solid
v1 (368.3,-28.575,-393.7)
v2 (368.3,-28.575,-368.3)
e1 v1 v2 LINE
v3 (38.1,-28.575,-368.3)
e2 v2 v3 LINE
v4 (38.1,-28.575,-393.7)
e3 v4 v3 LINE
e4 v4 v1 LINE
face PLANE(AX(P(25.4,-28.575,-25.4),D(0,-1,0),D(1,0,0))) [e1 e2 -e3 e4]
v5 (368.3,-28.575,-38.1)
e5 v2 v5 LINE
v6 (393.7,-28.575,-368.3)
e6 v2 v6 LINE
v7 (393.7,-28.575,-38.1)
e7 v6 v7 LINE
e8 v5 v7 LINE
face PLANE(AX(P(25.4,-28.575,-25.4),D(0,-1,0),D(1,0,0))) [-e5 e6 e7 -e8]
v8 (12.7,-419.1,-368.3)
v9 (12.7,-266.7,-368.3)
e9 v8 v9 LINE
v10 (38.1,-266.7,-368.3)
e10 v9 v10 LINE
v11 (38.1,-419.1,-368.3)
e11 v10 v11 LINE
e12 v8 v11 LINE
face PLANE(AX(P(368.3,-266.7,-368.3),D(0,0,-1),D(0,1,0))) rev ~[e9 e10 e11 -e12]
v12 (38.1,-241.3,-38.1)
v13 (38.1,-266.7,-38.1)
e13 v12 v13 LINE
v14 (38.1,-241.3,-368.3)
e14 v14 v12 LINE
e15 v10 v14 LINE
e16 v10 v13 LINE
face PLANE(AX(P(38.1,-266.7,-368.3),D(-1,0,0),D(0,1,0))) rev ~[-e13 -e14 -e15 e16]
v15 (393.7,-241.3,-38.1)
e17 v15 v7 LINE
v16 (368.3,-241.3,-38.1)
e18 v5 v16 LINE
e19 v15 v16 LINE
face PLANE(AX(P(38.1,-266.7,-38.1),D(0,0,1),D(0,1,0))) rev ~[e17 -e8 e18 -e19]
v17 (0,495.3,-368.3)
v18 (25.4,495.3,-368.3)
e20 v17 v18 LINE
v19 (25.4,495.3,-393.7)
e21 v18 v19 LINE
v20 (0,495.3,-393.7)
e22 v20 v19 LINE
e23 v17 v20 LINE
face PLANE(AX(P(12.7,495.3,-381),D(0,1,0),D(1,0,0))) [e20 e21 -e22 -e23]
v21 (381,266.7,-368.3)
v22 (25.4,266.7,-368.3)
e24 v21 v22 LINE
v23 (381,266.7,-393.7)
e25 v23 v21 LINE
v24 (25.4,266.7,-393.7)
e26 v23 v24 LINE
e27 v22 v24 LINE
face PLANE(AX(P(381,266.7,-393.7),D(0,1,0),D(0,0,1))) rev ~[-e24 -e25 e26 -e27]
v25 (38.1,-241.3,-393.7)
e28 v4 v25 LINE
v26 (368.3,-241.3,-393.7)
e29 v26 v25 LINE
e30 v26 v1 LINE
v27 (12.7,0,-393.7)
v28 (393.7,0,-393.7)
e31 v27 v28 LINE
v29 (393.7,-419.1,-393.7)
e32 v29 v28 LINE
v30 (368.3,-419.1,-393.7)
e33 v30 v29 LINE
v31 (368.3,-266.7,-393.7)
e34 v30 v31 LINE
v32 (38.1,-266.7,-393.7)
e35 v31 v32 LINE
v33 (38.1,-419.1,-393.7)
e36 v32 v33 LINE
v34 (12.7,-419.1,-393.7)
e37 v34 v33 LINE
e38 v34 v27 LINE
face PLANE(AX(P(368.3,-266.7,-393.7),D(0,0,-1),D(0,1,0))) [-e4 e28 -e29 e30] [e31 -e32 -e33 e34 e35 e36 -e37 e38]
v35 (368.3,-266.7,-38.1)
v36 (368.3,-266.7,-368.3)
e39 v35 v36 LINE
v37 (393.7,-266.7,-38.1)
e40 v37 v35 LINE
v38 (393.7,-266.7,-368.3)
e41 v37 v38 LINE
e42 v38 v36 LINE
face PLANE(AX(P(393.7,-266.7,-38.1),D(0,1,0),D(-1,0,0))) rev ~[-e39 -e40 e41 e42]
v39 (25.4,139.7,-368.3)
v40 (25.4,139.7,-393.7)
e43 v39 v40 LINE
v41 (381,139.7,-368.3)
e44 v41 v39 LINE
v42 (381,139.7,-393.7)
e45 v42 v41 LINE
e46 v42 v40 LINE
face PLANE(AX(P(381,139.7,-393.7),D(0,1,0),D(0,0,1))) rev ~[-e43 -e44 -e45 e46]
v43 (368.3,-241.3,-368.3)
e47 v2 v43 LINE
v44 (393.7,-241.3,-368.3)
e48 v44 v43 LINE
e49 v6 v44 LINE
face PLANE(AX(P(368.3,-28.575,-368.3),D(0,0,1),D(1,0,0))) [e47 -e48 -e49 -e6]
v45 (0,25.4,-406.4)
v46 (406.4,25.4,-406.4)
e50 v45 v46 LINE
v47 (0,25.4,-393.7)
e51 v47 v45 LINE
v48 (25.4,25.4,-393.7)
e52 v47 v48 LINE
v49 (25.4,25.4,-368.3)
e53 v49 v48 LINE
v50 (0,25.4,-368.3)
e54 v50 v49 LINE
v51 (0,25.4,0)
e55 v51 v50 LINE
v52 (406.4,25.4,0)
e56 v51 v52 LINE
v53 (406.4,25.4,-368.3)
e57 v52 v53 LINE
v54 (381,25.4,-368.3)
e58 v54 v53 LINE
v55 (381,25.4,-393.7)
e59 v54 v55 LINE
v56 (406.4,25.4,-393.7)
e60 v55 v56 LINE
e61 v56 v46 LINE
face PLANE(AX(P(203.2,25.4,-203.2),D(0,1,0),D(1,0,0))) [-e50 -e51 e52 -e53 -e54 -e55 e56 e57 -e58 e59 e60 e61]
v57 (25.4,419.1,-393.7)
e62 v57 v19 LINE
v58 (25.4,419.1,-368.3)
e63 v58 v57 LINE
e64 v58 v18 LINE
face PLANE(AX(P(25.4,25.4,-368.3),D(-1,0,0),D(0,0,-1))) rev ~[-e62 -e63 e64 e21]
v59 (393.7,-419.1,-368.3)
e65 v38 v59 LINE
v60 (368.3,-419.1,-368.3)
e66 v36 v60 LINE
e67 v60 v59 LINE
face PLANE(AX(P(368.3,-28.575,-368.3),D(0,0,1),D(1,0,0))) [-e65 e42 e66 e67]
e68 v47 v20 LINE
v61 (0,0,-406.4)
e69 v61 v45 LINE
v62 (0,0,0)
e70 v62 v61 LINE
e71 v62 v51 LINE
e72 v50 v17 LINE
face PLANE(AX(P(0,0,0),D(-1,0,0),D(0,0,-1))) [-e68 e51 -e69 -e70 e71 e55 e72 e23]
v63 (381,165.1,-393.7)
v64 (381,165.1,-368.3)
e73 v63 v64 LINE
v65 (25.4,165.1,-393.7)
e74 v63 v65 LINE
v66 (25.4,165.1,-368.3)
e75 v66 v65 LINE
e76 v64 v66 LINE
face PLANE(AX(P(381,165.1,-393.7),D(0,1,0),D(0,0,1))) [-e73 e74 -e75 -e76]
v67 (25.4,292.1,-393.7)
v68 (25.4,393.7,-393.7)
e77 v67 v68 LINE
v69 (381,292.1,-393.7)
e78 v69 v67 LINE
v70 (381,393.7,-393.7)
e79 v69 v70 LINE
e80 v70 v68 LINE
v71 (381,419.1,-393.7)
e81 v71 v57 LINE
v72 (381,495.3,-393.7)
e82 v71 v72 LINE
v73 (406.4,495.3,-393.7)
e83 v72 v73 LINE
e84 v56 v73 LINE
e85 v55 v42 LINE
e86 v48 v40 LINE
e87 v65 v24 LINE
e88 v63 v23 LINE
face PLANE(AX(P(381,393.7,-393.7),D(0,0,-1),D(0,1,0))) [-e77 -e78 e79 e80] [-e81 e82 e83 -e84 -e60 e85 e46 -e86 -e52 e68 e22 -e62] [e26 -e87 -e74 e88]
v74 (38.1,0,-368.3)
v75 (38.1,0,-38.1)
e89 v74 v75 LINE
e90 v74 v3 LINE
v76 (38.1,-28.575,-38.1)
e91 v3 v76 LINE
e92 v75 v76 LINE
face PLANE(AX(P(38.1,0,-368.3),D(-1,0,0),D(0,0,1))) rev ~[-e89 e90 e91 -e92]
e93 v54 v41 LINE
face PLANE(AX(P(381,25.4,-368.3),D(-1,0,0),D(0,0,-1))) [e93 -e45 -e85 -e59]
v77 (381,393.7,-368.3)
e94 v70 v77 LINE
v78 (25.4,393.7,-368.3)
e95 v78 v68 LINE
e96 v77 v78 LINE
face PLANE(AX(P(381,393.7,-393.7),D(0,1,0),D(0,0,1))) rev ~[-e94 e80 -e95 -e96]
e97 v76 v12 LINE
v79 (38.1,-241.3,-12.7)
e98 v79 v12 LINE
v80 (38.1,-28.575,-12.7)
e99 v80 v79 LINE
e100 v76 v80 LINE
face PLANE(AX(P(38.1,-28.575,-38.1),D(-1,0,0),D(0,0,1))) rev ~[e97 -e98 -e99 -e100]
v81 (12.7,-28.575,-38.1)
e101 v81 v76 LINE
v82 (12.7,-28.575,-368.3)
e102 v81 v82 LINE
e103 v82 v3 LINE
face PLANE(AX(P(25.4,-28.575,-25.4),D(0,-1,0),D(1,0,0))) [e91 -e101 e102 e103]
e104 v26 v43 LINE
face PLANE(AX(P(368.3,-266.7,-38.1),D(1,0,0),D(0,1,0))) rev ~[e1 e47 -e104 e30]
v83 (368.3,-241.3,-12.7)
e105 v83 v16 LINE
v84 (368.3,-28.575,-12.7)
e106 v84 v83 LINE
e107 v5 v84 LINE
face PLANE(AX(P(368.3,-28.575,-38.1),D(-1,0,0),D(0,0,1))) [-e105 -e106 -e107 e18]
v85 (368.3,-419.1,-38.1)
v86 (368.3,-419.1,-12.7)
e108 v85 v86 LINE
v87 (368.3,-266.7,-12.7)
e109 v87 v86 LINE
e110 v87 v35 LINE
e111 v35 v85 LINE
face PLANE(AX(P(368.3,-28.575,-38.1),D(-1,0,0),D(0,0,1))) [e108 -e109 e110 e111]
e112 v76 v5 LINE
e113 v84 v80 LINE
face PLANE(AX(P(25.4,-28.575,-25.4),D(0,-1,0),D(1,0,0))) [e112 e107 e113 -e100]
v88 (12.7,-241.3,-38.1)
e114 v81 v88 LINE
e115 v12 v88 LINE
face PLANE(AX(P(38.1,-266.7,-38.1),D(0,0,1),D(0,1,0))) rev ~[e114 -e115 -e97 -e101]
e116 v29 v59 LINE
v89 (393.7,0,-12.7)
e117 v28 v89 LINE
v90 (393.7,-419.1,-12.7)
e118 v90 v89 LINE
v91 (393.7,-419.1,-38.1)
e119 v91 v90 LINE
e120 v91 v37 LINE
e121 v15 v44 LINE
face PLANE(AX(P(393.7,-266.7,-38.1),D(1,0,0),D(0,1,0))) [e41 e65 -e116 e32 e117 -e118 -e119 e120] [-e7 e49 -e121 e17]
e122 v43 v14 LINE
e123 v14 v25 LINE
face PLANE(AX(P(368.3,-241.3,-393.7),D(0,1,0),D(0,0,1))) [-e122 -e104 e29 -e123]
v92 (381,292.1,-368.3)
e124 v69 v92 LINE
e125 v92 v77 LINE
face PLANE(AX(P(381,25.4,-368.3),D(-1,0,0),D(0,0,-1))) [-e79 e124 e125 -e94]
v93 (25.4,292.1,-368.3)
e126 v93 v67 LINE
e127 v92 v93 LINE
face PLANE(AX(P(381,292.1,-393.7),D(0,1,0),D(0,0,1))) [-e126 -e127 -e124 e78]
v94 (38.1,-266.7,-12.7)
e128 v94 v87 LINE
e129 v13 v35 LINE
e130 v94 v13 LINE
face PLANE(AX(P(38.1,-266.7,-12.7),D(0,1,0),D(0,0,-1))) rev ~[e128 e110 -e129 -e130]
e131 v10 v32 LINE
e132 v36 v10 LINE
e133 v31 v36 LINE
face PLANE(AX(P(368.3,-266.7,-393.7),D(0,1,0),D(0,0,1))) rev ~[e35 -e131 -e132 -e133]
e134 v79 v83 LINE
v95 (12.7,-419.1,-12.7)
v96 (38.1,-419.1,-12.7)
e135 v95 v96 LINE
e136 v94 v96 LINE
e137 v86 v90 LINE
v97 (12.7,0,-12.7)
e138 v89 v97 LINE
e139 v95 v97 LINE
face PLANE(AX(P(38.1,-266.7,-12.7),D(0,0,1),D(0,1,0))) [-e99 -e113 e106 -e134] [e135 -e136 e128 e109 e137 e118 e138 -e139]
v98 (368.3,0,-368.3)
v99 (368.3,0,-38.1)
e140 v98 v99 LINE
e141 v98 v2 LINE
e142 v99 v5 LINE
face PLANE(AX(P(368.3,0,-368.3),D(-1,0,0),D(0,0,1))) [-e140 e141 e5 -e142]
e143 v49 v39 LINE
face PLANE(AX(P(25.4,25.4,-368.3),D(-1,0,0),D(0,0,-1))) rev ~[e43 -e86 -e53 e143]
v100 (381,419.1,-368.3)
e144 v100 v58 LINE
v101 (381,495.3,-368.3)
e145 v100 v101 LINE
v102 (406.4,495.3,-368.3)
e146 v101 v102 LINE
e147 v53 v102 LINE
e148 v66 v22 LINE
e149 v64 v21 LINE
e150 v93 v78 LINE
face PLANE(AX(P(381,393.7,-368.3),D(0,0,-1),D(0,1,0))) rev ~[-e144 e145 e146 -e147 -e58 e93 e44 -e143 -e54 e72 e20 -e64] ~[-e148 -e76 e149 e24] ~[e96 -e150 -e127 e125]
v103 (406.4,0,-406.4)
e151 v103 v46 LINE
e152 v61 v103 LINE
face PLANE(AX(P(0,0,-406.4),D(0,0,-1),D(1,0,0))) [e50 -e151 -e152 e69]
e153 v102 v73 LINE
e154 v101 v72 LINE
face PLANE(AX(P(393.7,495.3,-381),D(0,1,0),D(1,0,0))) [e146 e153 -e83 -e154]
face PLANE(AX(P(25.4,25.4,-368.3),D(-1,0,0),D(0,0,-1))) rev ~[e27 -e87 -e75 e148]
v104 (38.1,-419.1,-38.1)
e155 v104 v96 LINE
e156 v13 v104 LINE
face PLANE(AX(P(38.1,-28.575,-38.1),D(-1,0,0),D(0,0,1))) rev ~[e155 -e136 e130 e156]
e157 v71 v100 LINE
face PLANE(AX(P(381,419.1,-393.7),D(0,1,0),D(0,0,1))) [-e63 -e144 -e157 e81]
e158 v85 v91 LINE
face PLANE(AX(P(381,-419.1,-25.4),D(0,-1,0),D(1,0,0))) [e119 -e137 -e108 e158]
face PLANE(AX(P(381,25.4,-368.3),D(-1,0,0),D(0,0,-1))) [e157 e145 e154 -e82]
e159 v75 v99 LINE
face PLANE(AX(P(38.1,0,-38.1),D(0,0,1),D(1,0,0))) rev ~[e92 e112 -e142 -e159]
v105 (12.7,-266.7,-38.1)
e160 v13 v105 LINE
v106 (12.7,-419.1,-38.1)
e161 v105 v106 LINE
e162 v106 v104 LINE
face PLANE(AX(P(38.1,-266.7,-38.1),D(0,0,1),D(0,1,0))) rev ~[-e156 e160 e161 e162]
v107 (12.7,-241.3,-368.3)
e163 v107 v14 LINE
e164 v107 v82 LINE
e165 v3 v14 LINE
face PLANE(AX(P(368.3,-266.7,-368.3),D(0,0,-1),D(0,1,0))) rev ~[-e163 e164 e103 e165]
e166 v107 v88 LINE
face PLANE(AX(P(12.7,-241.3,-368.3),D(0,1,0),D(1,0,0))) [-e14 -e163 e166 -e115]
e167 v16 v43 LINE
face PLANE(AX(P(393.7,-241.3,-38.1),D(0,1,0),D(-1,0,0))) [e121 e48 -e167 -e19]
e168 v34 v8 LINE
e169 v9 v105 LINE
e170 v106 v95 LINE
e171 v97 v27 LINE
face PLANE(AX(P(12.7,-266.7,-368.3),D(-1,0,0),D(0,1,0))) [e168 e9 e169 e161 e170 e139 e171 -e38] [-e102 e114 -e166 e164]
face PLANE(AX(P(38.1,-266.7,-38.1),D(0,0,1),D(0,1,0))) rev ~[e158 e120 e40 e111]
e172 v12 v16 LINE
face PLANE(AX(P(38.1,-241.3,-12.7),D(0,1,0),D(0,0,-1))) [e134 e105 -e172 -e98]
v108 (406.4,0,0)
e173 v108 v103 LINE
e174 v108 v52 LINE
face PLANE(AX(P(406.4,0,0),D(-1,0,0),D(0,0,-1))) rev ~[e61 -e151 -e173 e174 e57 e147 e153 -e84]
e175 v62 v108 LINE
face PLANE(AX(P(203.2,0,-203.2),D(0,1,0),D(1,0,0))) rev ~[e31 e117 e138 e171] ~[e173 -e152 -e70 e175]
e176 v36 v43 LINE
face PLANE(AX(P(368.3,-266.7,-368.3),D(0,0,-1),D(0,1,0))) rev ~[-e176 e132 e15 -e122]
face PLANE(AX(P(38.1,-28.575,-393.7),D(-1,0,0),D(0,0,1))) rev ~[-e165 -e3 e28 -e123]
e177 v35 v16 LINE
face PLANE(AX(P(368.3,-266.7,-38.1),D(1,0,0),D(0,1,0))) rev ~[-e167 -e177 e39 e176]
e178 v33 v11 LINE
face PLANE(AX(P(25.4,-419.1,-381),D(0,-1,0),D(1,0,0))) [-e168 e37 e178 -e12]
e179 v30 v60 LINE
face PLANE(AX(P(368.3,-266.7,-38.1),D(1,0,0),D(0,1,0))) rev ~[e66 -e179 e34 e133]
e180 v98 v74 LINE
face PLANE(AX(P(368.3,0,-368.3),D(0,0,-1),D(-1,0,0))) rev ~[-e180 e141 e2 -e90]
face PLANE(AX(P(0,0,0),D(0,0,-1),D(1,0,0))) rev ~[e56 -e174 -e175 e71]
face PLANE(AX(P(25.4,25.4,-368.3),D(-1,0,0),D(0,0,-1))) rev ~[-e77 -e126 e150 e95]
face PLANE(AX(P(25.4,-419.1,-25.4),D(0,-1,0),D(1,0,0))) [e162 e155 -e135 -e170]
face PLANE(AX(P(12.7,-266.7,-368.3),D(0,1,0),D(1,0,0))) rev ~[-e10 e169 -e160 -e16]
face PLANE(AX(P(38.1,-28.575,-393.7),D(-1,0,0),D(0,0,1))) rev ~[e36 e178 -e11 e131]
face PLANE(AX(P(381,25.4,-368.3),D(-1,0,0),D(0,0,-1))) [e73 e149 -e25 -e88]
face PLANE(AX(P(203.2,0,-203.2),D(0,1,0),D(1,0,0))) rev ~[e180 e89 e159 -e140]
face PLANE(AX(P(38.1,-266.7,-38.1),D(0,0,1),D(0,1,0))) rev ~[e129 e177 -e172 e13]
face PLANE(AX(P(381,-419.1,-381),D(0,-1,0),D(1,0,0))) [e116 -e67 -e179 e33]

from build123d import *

# Parameters (mm, degrees)
SKETCH1_W            = 406.4
SKETCH1_H            = 406.4
BOSS_EXTRUDE1_DEPTH  = 25.4
SKETCH2_W            = 25.4
SKETCH2_H            = 25.4
SKETCH2_W_2          = 330.2
SKETCH2_H_2          = 330.2
BOSS_EXTRUDE4_DEPTH  = 28.575
SKETCH4_W            = 25.4
SKETCH4_H            = 25.4
BOSS_EXTRUDE5_DEPTH  = 390.525
SKETCH6_W            = 25.4
SKETCH6_H            = 25.4
BOSS_EXTRUDE6_DEPTH  = 355.6
SKETCH8_W            = 25.4
SKETCH8_H            = 25.4
BOSS_EXTRUDE7_DEPTH  = 355.6
SKETCH9_W            = 25.4
SKETCH9_H            = 25.4
BOSS_EXTRUDE8_DEPTH  = 355.6
SKETCH10_W           = 25.4
SKETCH10_H           = 25.4
BOSS_EXTRUDE9_DEPTH  = 355.6
SKETCH11_W           = 25.4
SKETCH11_H           = 25.4
BOSS_EXTRUDE11_DEPTH = 469.9
SKETCH12_W           = 25.4
SKETCH12_H           = 25.4
BOSS_EXTRUDE12_DEPTH = 376.174


with BuildPart() as part:
    # Sketch1 → Boss-Extrude1 (new body)
    with BuildSketch(Plane(origin=(0, 0, 0), x_dir=(1, 0, 0), z_dir=(0, 1, 0))):
        with Locations((203.2, 203.2)):
            Rectangle(SKETCH1_W, SKETCH1_H)
    extrude(amount=BOSS_EXTRUDE1_DEPTH)

    # Sketch2 → Boss-Extrude4 (add)
    with BuildSketch(Plane.XZ):
        with Locations((25.4, -25.4)):
            Rectangle(SKETCH2_W, SKETCH2_H)
        with Locations((203.2, -25.4)):
            Rectangle(SKETCH2_W_2, SKETCH2_H)
        with Locations((25.4, -203.2)):
            Rectangle(SKETCH2_W, SKETCH2_H_2)
        with Locations((203.2, -381)):
            Rectangle(SKETCH2_W_2, SKETCH2_H)
        with Locations((25.4, -381)):
            Rectangle(SKETCH2_W, SKETCH2_H)
        with Locations((381, -381)):
            Rectangle(SKETCH2_W, SKETCH2_H)
        with Locations((381, -203.2)):
            Rectangle(SKETCH2_W, SKETCH2_H_2)
        with Locations((381, -25.4)):
            Rectangle(SKETCH2_W, SKETCH2_H)
    extrude(amount=BOSS_EXTRUDE4_DEPTH)

    # Sketch4 → Boss-Extrude5 (add)
    with BuildSketch(Plane.XZ.offset(28.575)):
        with Locations((25.4, -25.4)):
            Rectangle(SKETCH4_W, SKETCH4_H)
        with Locations((381, -25.4)):
            Rectangle(SKETCH4_W, SKETCH4_H)
        with Locations((381, -381)):
            Rectangle(SKETCH4_W, SKETCH4_H)
        with Locations((25.4, -381)):
            Rectangle(SKETCH4_W, SKETCH4_H)
    extrude(amount=BOSS_EXTRUDE5_DEPTH)

    # Sketch6 → Boss-Extrude6 (add)
    with BuildSketch(Plane(origin=(38.1, 0, 0), x_dir=(0, 0, -1), z_dir=(1, 0, 0))):
        with Locations((25.4, -254)):
            Rectangle(SKETCH6_W, SKETCH6_H)
    extrude(amount=BOSS_EXTRUDE6_DEPTH)

    # Sketch8 → Boss-Extrude7 (add)
    with BuildSketch(Plane(origin=(0, 0, -38.1), x_dir=(-1, 0, 0), z_dir=(0, 0, -1))):
        with Locations((-381, -254)):
            Rectangle(SKETCH8_W, SKETCH8_H)
    extrude(amount=BOSS_EXTRUDE7_DEPTH)

    # Sketch9 → Boss-Extrude8 (add)
    with BuildSketch(Plane.ZY.offset(-368.3)):
        with Locations((-381, -254)):
            Rectangle(SKETCH9_W, SKETCH9_H)
    extrude(amount=BOSS_EXTRUDE8_DEPTH)

    # Sketch10 → Boss-Extrude9 (add)
    with BuildSketch(Plane.XY.offset(-368.3)):
        with Locations((25.4, -254)):
            Rectangle(SKETCH10_W, SKETCH10_H)
    extrude(amount=BOSS_EXTRUDE9_DEPTH)

    # Sketch11 → Boss-Extrude11 (add)
    with BuildSketch(Plane(origin=(0, 25.4, 0), x_dir=(1, 0, 0), z_dir=(0, 1, 0))):
        with Locations((12.7, 381)):
            Rectangle(SKETCH11_W, SKETCH11_H)
        with Locations((393.7, 381)):
            Rectangle(SKETCH11_W, SKETCH11_H)
    extrude(amount=BOSS_EXTRUDE11_DEPTH)

    # Sketch12 → Boss-Extrude12 (add)
    with BuildSketch(Plane.ZY.offset(-381)):
        with Locations((-381, 406.4)):
            Rectangle(SKETCH12_W, SKETCH12_H)
        with Locations((-381, 279.4)):
            Rectangle(SKETCH12_W, SKETCH12_H)
        with Locations((-381, 152.4)):
            Rectangle(SKETCH12_W, SKETCH12_H)
    extrude(amount=BOSS_EXTRUDE12_DEPTH)


solid = part.part
